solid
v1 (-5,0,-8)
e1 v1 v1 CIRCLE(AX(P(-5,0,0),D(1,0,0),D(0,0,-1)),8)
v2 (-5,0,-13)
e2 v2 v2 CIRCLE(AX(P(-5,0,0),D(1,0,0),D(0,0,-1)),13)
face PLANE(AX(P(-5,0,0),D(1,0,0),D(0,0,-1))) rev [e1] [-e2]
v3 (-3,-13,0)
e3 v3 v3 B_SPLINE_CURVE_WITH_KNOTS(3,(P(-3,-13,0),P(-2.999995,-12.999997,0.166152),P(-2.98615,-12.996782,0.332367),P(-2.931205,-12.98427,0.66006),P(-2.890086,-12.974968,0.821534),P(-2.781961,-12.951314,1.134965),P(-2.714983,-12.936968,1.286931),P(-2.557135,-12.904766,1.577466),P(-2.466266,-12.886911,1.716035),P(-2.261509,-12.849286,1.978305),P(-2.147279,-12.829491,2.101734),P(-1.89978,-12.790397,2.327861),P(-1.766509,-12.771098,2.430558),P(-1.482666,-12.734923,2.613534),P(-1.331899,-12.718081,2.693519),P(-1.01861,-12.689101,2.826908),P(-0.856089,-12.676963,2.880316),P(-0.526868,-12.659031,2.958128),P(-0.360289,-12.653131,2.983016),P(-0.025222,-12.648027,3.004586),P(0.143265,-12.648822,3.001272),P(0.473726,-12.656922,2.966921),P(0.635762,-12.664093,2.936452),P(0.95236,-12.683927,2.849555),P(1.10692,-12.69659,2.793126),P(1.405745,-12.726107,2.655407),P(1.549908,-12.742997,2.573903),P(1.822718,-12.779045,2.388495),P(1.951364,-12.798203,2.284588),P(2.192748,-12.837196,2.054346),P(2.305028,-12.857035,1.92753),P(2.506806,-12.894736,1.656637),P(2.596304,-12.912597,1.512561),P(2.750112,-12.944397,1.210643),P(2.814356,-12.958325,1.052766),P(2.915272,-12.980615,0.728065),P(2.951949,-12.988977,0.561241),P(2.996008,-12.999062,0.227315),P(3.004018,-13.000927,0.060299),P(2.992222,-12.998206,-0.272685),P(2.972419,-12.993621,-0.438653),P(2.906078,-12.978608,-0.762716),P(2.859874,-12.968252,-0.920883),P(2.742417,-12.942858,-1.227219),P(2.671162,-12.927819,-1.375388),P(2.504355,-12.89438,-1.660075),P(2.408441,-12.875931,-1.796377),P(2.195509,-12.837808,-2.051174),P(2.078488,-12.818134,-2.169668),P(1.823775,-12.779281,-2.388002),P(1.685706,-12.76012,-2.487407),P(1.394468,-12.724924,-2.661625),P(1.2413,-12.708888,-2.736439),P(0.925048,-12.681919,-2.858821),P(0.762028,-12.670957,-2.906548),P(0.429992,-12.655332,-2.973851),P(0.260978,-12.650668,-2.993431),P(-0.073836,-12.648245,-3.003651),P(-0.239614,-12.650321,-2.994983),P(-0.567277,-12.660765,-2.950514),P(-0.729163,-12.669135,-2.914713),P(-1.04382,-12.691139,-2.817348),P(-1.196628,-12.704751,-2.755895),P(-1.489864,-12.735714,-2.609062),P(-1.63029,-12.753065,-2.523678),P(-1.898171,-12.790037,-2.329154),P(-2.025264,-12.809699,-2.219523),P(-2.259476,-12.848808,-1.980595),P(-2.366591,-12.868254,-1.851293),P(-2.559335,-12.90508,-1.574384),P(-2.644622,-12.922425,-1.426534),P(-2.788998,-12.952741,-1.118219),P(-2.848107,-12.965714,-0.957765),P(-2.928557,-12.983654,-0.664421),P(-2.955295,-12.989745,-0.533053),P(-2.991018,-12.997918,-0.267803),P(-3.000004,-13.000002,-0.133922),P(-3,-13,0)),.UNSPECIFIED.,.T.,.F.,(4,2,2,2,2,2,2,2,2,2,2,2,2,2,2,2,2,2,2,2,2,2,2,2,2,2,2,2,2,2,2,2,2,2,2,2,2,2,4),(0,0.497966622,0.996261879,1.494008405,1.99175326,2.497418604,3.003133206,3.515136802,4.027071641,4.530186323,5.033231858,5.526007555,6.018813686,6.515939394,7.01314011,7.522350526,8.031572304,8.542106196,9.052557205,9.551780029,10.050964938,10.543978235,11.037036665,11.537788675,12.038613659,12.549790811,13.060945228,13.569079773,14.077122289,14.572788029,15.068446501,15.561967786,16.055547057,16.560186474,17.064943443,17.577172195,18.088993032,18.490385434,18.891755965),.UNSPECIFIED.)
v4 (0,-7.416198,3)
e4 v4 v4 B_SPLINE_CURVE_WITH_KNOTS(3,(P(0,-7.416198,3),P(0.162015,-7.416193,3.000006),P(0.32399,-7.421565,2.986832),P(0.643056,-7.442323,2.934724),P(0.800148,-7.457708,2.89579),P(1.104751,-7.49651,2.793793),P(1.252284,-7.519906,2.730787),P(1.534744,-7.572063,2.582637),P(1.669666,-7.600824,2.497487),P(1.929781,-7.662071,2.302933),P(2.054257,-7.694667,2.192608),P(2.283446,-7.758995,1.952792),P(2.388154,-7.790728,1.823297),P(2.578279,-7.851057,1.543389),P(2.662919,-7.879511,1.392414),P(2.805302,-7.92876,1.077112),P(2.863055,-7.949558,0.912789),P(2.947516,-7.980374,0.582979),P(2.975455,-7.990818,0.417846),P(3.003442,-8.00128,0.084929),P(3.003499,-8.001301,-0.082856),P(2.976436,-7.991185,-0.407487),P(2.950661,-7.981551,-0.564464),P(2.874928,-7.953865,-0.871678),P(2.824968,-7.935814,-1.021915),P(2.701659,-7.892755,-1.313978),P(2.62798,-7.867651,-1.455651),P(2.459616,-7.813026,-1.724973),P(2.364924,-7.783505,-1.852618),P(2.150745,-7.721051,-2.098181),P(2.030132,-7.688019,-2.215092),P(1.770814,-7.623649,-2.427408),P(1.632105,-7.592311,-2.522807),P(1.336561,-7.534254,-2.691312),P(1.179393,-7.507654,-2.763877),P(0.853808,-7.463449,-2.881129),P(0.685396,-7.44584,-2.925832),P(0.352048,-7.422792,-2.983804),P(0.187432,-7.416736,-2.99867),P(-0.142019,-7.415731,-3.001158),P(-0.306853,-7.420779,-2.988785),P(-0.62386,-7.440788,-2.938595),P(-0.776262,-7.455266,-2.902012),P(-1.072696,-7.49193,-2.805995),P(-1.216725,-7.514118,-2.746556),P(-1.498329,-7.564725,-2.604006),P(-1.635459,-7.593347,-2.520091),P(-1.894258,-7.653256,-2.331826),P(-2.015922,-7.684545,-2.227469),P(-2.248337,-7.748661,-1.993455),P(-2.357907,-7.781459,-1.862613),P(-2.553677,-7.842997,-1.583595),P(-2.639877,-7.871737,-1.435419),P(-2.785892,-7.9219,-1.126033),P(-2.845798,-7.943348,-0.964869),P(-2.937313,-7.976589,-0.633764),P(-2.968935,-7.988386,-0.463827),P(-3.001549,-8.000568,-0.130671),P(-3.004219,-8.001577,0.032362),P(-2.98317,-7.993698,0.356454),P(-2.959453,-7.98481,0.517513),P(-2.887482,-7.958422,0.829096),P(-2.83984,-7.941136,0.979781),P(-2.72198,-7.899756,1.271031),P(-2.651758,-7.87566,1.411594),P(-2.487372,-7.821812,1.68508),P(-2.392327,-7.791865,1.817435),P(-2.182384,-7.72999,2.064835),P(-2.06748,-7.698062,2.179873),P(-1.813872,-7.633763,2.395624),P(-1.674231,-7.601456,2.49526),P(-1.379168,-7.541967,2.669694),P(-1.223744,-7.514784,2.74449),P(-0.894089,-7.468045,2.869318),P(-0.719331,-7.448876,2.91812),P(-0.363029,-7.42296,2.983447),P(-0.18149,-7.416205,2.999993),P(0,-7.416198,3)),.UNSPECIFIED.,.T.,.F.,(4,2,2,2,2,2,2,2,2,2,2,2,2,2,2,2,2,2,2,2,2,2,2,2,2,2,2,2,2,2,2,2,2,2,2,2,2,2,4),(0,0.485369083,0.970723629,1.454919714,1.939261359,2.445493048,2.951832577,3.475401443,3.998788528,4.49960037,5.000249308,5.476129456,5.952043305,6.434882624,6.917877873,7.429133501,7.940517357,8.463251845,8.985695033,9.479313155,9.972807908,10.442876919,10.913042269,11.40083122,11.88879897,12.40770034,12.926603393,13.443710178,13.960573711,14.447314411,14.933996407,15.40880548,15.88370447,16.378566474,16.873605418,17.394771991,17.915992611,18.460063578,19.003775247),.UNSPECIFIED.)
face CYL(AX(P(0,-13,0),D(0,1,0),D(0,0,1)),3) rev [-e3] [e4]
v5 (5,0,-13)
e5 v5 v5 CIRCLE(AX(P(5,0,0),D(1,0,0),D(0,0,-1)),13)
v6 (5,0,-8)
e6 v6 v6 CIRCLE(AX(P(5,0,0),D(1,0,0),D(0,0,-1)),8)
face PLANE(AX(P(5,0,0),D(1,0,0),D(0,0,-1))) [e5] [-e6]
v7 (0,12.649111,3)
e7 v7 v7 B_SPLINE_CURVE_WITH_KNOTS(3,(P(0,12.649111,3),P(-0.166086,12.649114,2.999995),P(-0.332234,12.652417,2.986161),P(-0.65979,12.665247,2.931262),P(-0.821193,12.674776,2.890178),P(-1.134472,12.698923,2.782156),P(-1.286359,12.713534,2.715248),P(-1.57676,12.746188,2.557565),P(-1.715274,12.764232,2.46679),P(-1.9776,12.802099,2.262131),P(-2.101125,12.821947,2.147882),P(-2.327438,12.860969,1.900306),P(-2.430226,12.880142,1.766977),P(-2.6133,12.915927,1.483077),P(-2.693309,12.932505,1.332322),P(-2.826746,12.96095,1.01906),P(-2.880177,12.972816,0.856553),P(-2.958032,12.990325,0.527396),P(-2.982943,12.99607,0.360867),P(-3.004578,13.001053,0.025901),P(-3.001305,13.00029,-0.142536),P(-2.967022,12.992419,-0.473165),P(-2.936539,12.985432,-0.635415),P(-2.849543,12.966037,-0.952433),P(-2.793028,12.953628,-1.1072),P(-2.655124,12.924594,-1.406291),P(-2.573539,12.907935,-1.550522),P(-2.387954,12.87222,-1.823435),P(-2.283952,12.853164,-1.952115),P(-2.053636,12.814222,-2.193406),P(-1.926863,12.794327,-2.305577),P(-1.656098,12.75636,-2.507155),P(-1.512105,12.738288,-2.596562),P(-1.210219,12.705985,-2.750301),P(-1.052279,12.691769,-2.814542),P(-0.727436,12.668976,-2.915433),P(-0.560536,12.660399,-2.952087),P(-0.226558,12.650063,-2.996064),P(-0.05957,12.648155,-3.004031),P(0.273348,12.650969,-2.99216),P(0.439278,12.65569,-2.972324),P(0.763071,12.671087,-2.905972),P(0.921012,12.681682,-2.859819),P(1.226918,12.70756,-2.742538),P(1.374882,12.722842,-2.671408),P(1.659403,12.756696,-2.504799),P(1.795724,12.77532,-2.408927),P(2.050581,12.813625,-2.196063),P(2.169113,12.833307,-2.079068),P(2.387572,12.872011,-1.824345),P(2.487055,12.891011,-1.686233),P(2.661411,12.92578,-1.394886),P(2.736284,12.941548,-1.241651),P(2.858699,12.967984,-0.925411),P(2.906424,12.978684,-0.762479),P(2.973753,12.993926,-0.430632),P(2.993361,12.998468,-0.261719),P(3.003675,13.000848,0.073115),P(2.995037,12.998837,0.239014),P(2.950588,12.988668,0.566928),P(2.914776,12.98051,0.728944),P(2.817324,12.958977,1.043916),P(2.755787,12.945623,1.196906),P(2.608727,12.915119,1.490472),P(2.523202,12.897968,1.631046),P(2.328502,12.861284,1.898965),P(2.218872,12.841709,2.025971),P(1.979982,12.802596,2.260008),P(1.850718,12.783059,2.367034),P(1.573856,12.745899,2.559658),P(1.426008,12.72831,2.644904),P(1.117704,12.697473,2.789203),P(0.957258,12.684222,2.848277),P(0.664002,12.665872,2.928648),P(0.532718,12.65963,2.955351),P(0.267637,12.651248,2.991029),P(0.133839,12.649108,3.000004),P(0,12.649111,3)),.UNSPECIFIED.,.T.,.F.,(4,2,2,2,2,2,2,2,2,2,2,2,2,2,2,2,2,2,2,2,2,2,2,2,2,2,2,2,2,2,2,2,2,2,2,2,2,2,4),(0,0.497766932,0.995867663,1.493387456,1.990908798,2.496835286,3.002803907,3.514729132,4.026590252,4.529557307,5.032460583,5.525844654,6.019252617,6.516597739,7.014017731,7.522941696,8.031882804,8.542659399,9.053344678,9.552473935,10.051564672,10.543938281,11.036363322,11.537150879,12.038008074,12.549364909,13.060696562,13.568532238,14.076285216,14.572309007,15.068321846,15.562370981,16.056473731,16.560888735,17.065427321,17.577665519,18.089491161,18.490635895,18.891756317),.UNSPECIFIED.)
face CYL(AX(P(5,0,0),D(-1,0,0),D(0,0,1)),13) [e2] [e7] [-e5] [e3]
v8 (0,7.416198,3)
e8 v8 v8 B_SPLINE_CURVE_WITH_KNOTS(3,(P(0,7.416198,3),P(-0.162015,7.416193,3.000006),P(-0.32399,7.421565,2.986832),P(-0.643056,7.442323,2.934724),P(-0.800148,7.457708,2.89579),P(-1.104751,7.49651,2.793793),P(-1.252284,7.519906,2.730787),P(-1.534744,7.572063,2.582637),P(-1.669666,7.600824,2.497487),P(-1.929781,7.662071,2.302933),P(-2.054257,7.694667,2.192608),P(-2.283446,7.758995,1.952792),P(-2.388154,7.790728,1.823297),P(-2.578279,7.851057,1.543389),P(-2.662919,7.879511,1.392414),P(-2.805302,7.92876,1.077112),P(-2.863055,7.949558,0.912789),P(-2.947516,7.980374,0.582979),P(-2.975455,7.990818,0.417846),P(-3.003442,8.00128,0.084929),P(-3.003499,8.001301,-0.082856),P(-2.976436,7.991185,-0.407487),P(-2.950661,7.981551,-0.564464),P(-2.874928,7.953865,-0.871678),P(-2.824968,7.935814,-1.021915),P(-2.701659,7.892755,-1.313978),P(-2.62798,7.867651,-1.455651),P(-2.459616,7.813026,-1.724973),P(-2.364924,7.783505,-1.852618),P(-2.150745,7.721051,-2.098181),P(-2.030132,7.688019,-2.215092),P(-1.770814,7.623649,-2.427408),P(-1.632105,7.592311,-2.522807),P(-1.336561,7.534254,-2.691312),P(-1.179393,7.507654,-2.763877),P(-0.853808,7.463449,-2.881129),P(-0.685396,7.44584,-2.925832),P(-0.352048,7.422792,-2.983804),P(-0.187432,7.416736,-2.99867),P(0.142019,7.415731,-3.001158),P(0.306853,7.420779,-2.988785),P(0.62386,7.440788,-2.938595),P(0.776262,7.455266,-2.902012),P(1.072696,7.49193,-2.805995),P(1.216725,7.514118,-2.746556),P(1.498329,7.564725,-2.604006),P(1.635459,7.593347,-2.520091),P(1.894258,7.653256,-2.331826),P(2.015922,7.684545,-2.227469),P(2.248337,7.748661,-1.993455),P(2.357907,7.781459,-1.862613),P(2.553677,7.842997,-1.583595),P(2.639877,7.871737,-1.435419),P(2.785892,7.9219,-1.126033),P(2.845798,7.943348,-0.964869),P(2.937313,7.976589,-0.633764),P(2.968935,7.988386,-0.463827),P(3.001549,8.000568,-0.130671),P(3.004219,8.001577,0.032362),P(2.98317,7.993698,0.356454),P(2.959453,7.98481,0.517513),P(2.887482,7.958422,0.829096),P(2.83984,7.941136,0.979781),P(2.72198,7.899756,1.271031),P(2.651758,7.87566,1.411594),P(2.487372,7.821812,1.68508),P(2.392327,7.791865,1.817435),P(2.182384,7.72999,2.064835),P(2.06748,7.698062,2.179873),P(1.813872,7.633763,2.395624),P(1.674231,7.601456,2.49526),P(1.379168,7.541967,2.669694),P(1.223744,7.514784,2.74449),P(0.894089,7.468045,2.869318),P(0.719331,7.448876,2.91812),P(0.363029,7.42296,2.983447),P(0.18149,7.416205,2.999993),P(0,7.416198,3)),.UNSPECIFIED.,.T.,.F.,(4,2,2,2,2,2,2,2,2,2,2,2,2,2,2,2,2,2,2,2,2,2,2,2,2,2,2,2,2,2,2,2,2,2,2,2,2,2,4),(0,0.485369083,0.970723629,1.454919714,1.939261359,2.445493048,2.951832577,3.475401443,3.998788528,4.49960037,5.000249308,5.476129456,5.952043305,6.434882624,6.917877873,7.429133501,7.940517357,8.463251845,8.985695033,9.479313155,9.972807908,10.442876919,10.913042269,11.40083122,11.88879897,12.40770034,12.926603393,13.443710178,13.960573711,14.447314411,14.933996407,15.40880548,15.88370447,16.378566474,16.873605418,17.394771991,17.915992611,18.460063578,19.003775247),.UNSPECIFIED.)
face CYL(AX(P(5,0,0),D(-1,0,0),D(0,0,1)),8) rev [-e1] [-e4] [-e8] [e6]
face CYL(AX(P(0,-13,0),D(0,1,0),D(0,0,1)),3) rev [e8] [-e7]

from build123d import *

# Parameters (mm, degrees)
SKETCH1_R               = 13
SKETCH1_R_2             = 8
BOSS_EXTRUDE1_DEPTH     = 5
CUT_EXTRUDE1_DEPTH      = 20.052558883
CUT_EXTRUDE1_DEPTH_BACK = 20.052558883
SKETCH2_R               = 3


with BuildPart() as part:
    # Sketch1 → Boss-Extrude1 (new, symmetric)
    with BuildSketch(Plane.YZ):
        with Locations(Location((0, 0, 0), (0, 0, 270))):
            Circle(SKETCH1_R)
        with Locations(Location((0, 0, 0), (0, 0, 270))):
            Circle(SKETCH1_R_2, mode=Mode.SUBTRACT)
    extrude(amount=BOSS_EXTRUDE1_DEPTH, both=True)

    # Sketch2 → Cut-Extrude1 (cut, two sides: drawn at the far end of the back side and taken through both)
    with BuildSketch(Plane(origin=(0, 0, 0), x_dir=(-1, 0, 0), z_dir=(0, 1, 0)).offset(-CUT_EXTRUDE1_DEPTH_BACK)):
        with Locations(Location((0, 0, 0), (0, 0, 90))):
            Circle(SKETCH2_R)
    extrude(amount=CUT_EXTRUDE1_DEPTH + CUT_EXTRUDE1_DEPTH_BACK, mode=Mode.SUBTRACT)


solid = part.part
